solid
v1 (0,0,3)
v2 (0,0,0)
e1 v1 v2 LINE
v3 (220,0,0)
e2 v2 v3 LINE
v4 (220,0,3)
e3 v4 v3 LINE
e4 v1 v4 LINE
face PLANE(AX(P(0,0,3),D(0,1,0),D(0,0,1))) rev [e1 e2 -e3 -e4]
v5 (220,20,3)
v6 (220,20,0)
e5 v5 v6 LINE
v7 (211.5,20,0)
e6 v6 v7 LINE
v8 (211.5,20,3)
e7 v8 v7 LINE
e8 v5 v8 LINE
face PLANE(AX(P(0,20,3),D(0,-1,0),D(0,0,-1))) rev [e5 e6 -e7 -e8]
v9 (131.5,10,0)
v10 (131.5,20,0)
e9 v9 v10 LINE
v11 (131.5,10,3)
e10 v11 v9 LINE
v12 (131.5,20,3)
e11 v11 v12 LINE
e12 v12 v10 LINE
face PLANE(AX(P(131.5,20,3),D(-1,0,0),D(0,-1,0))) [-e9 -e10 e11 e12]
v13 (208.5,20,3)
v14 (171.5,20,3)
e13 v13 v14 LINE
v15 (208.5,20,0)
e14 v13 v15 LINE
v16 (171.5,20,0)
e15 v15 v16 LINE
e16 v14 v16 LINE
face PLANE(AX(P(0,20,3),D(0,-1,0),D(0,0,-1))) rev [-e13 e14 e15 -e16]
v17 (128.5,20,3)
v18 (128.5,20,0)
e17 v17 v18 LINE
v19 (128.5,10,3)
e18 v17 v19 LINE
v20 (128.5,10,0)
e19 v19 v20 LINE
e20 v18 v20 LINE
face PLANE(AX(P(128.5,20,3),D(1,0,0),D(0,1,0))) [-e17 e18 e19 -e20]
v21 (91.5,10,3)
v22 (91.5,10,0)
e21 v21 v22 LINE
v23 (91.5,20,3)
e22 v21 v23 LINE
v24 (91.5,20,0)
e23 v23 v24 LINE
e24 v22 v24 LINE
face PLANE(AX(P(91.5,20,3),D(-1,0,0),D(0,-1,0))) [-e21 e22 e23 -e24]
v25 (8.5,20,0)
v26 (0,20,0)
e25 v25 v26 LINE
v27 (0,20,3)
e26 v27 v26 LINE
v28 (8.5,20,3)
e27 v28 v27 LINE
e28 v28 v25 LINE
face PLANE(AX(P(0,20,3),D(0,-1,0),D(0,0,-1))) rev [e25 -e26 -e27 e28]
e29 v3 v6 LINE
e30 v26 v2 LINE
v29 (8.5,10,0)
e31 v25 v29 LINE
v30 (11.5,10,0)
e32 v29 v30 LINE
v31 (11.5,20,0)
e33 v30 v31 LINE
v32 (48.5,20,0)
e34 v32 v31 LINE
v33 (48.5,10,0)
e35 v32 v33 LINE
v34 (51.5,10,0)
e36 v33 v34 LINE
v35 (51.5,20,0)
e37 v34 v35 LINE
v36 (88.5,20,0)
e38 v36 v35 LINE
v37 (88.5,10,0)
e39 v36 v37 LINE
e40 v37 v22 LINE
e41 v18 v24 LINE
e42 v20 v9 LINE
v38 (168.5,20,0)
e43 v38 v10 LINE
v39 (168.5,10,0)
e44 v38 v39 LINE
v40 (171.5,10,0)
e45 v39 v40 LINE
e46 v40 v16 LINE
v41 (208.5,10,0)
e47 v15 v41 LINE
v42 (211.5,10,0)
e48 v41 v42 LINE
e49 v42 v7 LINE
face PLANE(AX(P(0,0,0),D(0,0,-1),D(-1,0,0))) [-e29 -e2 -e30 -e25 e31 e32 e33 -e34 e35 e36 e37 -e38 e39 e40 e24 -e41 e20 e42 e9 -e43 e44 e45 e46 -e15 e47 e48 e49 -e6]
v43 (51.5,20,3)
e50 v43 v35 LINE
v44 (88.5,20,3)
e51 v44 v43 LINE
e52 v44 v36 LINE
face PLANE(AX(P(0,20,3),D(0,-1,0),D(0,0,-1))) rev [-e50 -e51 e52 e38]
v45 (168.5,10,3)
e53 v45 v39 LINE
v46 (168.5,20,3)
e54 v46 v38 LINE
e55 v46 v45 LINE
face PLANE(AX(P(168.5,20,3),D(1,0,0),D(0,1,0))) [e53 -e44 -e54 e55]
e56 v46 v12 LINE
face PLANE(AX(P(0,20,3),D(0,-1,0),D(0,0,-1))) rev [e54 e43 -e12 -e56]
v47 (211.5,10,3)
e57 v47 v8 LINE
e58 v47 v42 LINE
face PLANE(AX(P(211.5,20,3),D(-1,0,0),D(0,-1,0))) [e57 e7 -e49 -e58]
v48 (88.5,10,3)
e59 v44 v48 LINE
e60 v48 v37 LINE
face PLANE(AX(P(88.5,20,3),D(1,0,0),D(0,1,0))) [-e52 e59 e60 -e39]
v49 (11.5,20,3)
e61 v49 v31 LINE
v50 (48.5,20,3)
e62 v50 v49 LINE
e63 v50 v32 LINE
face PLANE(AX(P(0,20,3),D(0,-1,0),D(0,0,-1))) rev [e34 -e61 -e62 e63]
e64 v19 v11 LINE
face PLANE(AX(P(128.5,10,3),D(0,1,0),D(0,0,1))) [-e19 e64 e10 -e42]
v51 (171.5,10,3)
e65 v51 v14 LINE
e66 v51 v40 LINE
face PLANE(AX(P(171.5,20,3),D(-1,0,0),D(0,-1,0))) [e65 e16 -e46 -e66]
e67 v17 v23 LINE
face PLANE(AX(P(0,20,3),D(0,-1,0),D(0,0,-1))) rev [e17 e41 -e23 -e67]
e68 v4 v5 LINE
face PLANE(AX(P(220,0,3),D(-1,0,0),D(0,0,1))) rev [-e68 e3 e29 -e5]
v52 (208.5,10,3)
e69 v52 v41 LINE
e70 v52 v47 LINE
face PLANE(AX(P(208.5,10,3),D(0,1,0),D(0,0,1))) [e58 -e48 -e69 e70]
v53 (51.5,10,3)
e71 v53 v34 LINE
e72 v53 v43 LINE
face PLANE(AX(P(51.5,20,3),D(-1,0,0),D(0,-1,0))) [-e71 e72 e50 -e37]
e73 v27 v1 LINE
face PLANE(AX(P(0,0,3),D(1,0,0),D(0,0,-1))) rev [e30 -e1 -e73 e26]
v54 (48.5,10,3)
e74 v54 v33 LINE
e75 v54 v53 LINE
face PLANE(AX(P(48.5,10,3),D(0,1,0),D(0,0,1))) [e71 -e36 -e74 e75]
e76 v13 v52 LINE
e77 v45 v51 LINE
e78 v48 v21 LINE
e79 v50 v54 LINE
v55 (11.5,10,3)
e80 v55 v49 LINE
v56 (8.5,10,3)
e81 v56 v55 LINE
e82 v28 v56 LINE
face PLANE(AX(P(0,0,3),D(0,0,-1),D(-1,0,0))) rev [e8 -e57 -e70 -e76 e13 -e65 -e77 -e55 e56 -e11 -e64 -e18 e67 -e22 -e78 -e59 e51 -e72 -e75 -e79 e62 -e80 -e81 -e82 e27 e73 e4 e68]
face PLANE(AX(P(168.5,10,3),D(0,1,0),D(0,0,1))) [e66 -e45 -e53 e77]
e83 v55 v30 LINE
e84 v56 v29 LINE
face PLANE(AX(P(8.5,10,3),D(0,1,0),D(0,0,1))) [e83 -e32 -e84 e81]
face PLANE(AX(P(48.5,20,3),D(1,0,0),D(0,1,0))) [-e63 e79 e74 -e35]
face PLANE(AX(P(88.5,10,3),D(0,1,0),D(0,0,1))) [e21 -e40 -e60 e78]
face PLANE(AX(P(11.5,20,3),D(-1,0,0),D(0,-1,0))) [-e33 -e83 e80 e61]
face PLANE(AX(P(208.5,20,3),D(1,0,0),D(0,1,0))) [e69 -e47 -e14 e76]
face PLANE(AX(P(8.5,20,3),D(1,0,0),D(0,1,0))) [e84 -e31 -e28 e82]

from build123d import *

# Parameters (mm, degrees)
SKETCH2_W           = 220
SKETCH2_H           = 20
BOSS_EXTRUDE1_DEPTH = 3
SKETCH4_W           = 3
SKETCH4_H           = 10
CUT_EXTRUDE2_DEPTH  = 221.927589947
LPATTERN1_COUNT     = 6
LPATTERN1_PITCH     = 40


with BuildPart() as part:
    # Sketch2 → Boss-Extrude1 (new body)
    with BuildSketch(Plane.XY):
        with Locations((110, 10)):
            Rectangle(SKETCH2_W, SKETCH2_H)
    extrude(amount=BOSS_EXTRUDE1_DEPTH)

    # Sketch4 → Cut-Extrude2 (cut, through all)
    with BuildSketch(Plane.XY):
        with Locations((10, 15)):
            Rectangle(SKETCH4_W, SKETCH4_H)
    cut_extrude2 = extrude(amount=CUT_EXTRUDE2_DEPTH, mode=Mode.SUBTRACT)

    # LPattern1: Cut-Extrude2 ×6
    with Locations(*[(i * LPATTERN1_PITCH, 0, 0) for i in range(1, LPATTERN1_COUNT)]):
        add(cut_extrude2, mode=Mode.SUBTRACT)


solid = part.part
